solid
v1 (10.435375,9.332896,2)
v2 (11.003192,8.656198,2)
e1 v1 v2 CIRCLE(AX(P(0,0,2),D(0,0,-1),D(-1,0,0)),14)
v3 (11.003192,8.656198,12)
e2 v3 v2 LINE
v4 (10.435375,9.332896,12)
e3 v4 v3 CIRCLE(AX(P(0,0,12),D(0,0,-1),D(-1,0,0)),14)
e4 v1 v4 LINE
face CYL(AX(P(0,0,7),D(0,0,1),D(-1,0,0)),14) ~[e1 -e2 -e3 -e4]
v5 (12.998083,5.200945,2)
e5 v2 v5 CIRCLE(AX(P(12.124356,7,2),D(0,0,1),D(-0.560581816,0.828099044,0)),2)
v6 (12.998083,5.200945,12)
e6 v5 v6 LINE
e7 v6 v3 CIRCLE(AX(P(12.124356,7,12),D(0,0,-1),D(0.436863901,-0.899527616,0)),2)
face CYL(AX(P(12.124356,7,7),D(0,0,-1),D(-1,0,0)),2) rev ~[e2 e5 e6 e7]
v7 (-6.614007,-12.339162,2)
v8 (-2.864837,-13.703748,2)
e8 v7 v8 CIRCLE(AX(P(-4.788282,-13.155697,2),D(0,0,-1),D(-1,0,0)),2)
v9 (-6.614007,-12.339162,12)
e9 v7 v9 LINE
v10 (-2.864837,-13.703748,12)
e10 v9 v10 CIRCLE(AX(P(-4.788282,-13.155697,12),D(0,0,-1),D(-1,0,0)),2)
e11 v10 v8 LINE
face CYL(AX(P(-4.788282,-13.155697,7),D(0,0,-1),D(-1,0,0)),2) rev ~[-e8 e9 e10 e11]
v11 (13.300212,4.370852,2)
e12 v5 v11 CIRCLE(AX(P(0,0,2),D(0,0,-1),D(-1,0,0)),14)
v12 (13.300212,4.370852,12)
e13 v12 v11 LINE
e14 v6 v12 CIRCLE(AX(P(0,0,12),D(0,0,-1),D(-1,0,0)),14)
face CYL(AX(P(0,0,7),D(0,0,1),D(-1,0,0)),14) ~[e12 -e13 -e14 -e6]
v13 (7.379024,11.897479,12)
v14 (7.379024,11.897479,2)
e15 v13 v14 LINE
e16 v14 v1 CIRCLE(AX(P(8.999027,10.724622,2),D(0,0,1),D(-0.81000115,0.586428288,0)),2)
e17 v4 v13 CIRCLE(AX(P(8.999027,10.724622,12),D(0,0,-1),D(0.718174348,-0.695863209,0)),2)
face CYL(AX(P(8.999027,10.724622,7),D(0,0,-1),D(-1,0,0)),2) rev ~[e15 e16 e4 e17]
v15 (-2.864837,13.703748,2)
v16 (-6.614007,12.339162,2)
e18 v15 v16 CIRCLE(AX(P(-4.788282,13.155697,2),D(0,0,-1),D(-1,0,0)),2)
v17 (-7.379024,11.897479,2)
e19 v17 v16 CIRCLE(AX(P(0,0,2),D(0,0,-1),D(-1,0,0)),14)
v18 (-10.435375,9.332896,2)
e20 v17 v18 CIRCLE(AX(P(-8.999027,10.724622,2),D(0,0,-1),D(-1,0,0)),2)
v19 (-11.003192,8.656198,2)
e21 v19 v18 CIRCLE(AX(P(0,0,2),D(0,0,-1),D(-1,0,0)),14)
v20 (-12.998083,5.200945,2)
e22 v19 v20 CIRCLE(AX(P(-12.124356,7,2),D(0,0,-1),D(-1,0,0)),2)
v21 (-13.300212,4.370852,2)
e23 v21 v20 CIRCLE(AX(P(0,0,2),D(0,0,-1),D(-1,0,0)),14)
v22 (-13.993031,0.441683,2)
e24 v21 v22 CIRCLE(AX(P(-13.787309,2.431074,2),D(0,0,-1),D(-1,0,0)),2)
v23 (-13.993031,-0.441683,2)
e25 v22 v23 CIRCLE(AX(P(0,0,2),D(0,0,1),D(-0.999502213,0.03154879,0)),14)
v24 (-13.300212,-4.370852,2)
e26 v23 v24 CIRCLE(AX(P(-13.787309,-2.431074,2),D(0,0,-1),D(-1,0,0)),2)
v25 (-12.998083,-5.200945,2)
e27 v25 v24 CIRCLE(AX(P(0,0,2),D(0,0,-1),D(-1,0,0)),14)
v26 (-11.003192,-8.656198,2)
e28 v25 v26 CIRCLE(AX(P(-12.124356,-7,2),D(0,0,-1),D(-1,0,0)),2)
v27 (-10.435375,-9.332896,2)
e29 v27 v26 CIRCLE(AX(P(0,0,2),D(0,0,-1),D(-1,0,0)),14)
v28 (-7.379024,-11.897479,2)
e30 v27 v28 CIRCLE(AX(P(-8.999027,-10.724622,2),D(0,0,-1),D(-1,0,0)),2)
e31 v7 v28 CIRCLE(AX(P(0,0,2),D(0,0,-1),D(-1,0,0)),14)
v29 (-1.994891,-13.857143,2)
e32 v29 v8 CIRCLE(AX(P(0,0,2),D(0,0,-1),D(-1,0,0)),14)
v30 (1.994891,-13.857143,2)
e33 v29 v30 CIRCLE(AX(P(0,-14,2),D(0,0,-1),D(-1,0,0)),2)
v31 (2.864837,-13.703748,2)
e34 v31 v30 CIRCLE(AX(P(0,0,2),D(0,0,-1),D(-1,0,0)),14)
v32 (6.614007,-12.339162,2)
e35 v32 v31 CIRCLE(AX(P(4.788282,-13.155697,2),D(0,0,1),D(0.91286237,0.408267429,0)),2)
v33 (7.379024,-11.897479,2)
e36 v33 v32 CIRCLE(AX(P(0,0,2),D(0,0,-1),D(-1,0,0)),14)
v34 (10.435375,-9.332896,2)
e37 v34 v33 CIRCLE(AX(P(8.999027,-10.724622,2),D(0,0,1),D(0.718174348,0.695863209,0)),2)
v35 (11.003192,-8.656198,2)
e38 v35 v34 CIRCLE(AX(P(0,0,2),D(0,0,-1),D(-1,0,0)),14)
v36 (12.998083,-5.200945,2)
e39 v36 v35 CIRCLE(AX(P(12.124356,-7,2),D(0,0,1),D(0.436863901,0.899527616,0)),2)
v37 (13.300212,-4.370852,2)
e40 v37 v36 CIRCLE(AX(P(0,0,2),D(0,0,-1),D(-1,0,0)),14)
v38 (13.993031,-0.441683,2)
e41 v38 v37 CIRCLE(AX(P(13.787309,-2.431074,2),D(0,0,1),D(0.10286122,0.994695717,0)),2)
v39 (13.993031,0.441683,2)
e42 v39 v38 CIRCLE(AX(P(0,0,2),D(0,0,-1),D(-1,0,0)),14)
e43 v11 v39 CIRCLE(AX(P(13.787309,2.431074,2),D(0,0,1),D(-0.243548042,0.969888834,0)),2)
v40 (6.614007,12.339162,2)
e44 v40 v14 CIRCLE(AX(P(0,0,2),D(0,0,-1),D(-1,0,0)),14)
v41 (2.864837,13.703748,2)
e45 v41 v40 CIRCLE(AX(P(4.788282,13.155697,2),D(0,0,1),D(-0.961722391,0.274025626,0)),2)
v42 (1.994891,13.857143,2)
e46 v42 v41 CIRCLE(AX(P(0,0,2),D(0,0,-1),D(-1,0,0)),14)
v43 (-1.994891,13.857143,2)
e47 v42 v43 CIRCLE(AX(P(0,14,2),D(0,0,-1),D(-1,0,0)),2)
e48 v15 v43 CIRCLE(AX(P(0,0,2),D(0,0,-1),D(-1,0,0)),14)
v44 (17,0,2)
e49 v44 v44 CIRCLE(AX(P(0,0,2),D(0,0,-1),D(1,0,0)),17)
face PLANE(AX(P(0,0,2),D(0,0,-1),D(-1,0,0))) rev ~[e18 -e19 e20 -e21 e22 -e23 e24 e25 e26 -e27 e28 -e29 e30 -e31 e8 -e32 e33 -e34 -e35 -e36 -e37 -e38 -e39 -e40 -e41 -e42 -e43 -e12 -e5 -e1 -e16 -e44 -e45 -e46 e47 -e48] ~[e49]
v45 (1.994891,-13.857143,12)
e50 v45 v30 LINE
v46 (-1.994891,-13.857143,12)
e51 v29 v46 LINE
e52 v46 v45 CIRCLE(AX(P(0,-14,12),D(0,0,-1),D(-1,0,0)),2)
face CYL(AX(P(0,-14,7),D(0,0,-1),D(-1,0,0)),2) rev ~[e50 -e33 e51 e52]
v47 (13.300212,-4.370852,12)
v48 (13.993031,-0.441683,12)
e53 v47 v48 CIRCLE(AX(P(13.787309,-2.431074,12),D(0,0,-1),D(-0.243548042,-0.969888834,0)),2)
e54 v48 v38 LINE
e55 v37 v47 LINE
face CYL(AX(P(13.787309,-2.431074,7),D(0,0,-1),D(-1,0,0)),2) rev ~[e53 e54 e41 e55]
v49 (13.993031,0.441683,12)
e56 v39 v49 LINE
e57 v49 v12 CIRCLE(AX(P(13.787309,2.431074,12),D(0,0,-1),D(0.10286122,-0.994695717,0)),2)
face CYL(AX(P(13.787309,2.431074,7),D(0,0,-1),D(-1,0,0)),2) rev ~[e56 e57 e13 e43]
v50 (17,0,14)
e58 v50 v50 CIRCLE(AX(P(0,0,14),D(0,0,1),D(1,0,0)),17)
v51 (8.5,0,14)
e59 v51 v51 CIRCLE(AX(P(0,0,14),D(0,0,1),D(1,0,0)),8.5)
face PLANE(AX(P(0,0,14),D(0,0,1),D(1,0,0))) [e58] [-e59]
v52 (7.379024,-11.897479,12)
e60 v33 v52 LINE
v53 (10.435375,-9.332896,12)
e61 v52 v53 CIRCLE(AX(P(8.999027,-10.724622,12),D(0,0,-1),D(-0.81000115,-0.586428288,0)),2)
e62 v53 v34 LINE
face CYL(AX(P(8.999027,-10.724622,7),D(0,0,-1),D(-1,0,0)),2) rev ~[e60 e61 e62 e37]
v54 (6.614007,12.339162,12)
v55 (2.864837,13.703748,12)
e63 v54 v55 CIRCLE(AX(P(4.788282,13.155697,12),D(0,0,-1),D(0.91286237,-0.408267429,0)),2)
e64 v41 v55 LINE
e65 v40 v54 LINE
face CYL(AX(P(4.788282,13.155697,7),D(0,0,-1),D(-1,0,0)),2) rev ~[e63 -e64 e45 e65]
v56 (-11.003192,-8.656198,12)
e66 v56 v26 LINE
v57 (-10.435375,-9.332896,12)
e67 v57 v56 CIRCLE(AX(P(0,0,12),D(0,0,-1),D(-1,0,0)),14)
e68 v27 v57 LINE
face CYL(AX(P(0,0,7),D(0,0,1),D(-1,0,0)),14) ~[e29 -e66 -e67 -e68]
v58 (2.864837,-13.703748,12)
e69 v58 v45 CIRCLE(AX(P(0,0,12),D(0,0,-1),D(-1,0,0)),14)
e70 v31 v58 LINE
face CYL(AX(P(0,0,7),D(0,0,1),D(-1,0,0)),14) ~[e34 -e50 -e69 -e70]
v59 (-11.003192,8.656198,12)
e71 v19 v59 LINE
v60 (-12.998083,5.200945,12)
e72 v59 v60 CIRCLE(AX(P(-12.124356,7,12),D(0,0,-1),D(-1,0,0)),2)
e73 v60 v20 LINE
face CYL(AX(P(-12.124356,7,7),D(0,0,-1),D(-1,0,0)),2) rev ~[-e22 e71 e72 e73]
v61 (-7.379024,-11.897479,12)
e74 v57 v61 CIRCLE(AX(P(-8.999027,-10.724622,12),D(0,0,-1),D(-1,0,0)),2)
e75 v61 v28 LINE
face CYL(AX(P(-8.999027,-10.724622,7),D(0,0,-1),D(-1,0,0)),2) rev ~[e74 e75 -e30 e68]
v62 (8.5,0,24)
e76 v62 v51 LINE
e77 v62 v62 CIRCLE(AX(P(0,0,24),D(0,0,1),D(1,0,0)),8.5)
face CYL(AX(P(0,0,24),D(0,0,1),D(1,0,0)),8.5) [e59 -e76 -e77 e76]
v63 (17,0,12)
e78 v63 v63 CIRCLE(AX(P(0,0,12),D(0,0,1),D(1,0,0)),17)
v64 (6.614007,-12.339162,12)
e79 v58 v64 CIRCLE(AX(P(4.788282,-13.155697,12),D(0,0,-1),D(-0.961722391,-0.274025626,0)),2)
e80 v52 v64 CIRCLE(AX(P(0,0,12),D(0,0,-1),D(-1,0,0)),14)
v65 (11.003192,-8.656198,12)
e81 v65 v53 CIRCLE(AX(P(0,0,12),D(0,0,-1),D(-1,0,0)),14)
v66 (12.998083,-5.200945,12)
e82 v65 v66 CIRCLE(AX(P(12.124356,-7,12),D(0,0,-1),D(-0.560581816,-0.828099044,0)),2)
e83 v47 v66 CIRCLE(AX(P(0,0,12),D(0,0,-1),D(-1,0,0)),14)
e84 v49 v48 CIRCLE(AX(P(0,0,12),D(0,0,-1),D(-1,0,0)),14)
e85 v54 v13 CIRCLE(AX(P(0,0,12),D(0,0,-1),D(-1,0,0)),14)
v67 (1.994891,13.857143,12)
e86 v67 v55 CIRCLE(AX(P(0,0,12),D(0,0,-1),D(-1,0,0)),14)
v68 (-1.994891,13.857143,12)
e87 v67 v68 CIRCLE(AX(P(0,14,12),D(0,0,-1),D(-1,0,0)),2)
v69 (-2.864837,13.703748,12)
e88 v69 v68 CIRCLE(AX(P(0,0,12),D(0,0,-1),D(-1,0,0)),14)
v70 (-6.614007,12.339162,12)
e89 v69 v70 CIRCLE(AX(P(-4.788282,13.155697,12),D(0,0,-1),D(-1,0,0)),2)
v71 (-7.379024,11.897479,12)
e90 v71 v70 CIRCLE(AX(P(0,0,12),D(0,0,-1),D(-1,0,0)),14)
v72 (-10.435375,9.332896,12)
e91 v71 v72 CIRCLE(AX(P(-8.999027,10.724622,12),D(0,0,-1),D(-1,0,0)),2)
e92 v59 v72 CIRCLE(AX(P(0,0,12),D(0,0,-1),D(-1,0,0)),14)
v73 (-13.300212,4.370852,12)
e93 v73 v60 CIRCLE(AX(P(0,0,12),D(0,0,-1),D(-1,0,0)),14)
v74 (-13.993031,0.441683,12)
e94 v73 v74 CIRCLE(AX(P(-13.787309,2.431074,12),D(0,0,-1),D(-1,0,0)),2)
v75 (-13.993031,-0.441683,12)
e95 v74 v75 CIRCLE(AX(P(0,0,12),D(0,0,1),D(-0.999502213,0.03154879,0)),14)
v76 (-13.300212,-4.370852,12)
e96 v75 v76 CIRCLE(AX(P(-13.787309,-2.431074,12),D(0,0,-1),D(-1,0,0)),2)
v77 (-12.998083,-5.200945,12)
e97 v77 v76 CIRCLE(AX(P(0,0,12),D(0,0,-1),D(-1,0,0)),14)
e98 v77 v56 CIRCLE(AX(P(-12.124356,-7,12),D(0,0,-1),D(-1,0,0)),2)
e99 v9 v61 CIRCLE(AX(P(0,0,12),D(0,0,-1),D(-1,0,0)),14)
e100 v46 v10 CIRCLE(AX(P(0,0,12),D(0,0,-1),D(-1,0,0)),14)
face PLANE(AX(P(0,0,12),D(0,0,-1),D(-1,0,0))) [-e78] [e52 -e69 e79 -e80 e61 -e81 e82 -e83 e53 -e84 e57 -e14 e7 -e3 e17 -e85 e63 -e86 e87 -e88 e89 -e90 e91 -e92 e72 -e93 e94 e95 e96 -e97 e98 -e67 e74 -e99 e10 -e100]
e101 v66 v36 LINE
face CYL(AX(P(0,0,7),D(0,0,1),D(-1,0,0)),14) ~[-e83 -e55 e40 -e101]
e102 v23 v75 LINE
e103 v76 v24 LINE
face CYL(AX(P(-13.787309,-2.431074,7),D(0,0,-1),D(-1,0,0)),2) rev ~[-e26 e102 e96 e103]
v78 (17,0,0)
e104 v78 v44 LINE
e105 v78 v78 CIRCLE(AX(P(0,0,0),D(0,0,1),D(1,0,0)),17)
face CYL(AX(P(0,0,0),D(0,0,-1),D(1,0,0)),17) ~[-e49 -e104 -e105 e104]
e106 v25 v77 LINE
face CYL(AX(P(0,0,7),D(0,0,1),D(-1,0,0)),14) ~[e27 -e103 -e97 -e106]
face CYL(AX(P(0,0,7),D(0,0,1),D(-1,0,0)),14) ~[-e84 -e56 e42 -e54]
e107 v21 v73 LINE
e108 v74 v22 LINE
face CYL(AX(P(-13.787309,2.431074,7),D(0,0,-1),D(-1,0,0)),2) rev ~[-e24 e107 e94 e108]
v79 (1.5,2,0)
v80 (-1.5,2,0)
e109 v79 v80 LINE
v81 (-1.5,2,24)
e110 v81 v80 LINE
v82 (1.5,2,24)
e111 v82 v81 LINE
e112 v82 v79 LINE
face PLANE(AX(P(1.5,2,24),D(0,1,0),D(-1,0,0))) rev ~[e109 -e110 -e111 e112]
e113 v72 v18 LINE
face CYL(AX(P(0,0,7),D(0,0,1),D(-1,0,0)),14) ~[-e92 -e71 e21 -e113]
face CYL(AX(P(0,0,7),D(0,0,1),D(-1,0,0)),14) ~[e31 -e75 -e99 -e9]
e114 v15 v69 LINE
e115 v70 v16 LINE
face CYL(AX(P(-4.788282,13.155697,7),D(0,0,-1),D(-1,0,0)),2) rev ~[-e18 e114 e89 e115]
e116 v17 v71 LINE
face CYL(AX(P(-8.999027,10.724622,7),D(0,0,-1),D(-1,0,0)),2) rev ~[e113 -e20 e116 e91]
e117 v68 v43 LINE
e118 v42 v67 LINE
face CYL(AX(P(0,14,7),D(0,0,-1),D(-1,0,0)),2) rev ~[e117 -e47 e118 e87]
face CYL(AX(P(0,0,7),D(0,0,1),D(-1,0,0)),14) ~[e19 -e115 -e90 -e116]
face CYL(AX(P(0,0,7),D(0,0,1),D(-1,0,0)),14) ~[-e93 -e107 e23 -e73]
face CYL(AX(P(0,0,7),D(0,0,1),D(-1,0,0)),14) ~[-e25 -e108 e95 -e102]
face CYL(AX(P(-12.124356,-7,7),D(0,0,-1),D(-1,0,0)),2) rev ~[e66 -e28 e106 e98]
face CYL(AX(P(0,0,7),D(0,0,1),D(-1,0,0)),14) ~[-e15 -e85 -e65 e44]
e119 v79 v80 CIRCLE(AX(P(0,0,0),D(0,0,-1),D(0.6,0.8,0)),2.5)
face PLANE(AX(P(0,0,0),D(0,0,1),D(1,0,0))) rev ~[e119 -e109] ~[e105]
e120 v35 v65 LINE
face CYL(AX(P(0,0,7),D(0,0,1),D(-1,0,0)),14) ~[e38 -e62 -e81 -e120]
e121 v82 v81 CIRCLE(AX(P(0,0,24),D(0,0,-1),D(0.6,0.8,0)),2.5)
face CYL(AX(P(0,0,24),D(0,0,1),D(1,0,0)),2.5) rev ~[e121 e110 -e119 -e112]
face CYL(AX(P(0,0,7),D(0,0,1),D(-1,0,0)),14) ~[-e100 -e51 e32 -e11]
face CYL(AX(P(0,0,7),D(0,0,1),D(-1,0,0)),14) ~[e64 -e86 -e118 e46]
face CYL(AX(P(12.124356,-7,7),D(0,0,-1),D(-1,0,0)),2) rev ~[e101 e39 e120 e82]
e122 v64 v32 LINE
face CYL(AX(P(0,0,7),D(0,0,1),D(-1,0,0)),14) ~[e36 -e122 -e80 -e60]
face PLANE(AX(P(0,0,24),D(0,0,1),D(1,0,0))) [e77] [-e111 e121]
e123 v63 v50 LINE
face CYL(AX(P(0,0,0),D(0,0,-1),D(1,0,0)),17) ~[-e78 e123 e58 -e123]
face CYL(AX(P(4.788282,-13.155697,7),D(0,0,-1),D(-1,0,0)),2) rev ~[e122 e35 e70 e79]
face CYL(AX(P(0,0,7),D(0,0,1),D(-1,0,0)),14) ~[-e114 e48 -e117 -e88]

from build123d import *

# Parameters (mm, degrees)
SKETCH1_R           = 17
BOSS_EXTRUDE1_DEPTH = 14
CUT_EXTRUDE2_REACH  = 29.821
SKETCH3_R           = 2.5
BOSS_EXTRUDE2_START = 10
SKETCH5_R           = 8.5
SKETCH5_R_2         = 2.5
BOSS_EXTRUDE2_DEPTH = 10
BOSS_EXTRUDE3_DEPTH = 24
SKETCH7_R           = 17
SKETCH7_R_2         = 14
CUT_EXTRUDE5_DEPTH  = 5
SKETCH8_R           = 2
CUT_EXTRUDE6_DEPTH  = 5


with BuildPart() as part:
    # Sketch1 → Boss-Extrude1 (new body)
    with BuildSketch(Plane.XY):
        Circle(SKETCH1_R)
    extrude(amount=BOSS_EXTRUDE1_DEPTH)

    # Sketch3 → Cut-Extrude2 (cut, up to next)
    with BuildSketch(Plane.XY.offset(14), mode=Mode.PRIVATE) as cut_extrude2_sk1:
        Circle(SKETCH3_R)
    cut_extrude2_tool1 = extrude(cut_extrude2_sk1.sketch, amount=-CUT_EXTRUDE2_REACH, mode=Mode.PRIVATE) & part.part
    add(cut_extrude2_tool1.solids().sort_by_distance((0, 0, 14))[0], mode=Mode.SUBTRACT)

    # Sketch5 → Boss-Extrude2 (add)
    with BuildSketch(Plane.XY.offset(14).offset(BOSS_EXTRUDE2_START)):
        Circle(SKETCH5_R)
        Circle(SKETCH5_R_2, mode=Mode.SUBTRACT)
    extrude(amount=-BOSS_EXTRUDE2_DEPTH)

    # Sketch6 → Boss-Extrude3 (add)
    with BuildSketch(Plane.XY.offset(24)):
        with BuildLine():
            Line((1.5, 2), (-1.5, 2))
            ThreePointArc((-1.5, 2), (0, 2.5), (1.5, 2))
        make_face()
    extrude(amount=-BOSS_EXTRUDE3_DEPTH)

    # Sketch7 → Cut-Extrude5 (cut, symmetric)
    with BuildSketch(Plane(origin=(0, 0, 7), x_dir=(-1, 0, 0), z_dir=(0, 0, -1))):
        Circle(SKETCH7_R)
        Circle(SKETCH7_R_2, mode=Mode.SUBTRACT)
    extrude(amount=CUT_EXTRUDE5_DEPTH, both=True, mode=Mode.SUBTRACT)

    # Sketch8 → Cut-Extrude6 (cut, symmetric)
    with BuildSketch(Plane(origin=(0, 0, 7), x_dir=(-1, 0, 0), z_dir=(0, 0, -1))):
        with Locations((0, 14)):
            Circle(SKETCH8_R)
        with Locations((4.788282007, 13.155696691)):
            Circle(SKETCH8_R)
        with Locations((8.999026536, 10.724622204)):
            Circle(SKETCH8_R)
        with Locations((12.124355653, 7)):
            Circle(SKETCH8_R)
        with Locations((13.787308542, 2.431074487)):
            Circle(SKETCH8_R)
        with Locations((13.787308542, -2.431074487)):
            Circle(SKETCH8_R)
        with Locations((12.124355653, -7)):
            Circle(SKETCH8_R)
        with Locations((8.999026536, -10.724622204)):
            Circle(SKETCH8_R)
        with Locations((4.788282007, -13.155696691)):
            Circle(SKETCH8_R)
        with Locations((0, -14)):
            Circle(SKETCH8_R)
        with Locations((-4.788282007, -13.155696691)):
            Circle(SKETCH8_R)
        with Locations((-8.999026536, -10.724622204)):
            Circle(SKETCH8_R)
        with Locations((-12.124355653, -7)):
            Circle(SKETCH8_R)
        with Locations((-13.787308542, -2.431074487)):
            Circle(SKETCH8_R)
        with Locations((-13.787308542, 2.431074487)):
            Circle(SKETCH8_R)
        with Locations((-12.124355653, 7)):
            Circle(SKETCH8_R)
        with Locations((-8.999026536, 10.724622204)):
            Circle(SKETCH8_R)
        with Locations((-4.788282007, 13.155696691)):
            Circle(SKETCH8_R)
    extrude(amount=CUT_EXTRUDE6_DEPTH, both=True, mode=Mode.SUBTRACT)


solid = part.part
